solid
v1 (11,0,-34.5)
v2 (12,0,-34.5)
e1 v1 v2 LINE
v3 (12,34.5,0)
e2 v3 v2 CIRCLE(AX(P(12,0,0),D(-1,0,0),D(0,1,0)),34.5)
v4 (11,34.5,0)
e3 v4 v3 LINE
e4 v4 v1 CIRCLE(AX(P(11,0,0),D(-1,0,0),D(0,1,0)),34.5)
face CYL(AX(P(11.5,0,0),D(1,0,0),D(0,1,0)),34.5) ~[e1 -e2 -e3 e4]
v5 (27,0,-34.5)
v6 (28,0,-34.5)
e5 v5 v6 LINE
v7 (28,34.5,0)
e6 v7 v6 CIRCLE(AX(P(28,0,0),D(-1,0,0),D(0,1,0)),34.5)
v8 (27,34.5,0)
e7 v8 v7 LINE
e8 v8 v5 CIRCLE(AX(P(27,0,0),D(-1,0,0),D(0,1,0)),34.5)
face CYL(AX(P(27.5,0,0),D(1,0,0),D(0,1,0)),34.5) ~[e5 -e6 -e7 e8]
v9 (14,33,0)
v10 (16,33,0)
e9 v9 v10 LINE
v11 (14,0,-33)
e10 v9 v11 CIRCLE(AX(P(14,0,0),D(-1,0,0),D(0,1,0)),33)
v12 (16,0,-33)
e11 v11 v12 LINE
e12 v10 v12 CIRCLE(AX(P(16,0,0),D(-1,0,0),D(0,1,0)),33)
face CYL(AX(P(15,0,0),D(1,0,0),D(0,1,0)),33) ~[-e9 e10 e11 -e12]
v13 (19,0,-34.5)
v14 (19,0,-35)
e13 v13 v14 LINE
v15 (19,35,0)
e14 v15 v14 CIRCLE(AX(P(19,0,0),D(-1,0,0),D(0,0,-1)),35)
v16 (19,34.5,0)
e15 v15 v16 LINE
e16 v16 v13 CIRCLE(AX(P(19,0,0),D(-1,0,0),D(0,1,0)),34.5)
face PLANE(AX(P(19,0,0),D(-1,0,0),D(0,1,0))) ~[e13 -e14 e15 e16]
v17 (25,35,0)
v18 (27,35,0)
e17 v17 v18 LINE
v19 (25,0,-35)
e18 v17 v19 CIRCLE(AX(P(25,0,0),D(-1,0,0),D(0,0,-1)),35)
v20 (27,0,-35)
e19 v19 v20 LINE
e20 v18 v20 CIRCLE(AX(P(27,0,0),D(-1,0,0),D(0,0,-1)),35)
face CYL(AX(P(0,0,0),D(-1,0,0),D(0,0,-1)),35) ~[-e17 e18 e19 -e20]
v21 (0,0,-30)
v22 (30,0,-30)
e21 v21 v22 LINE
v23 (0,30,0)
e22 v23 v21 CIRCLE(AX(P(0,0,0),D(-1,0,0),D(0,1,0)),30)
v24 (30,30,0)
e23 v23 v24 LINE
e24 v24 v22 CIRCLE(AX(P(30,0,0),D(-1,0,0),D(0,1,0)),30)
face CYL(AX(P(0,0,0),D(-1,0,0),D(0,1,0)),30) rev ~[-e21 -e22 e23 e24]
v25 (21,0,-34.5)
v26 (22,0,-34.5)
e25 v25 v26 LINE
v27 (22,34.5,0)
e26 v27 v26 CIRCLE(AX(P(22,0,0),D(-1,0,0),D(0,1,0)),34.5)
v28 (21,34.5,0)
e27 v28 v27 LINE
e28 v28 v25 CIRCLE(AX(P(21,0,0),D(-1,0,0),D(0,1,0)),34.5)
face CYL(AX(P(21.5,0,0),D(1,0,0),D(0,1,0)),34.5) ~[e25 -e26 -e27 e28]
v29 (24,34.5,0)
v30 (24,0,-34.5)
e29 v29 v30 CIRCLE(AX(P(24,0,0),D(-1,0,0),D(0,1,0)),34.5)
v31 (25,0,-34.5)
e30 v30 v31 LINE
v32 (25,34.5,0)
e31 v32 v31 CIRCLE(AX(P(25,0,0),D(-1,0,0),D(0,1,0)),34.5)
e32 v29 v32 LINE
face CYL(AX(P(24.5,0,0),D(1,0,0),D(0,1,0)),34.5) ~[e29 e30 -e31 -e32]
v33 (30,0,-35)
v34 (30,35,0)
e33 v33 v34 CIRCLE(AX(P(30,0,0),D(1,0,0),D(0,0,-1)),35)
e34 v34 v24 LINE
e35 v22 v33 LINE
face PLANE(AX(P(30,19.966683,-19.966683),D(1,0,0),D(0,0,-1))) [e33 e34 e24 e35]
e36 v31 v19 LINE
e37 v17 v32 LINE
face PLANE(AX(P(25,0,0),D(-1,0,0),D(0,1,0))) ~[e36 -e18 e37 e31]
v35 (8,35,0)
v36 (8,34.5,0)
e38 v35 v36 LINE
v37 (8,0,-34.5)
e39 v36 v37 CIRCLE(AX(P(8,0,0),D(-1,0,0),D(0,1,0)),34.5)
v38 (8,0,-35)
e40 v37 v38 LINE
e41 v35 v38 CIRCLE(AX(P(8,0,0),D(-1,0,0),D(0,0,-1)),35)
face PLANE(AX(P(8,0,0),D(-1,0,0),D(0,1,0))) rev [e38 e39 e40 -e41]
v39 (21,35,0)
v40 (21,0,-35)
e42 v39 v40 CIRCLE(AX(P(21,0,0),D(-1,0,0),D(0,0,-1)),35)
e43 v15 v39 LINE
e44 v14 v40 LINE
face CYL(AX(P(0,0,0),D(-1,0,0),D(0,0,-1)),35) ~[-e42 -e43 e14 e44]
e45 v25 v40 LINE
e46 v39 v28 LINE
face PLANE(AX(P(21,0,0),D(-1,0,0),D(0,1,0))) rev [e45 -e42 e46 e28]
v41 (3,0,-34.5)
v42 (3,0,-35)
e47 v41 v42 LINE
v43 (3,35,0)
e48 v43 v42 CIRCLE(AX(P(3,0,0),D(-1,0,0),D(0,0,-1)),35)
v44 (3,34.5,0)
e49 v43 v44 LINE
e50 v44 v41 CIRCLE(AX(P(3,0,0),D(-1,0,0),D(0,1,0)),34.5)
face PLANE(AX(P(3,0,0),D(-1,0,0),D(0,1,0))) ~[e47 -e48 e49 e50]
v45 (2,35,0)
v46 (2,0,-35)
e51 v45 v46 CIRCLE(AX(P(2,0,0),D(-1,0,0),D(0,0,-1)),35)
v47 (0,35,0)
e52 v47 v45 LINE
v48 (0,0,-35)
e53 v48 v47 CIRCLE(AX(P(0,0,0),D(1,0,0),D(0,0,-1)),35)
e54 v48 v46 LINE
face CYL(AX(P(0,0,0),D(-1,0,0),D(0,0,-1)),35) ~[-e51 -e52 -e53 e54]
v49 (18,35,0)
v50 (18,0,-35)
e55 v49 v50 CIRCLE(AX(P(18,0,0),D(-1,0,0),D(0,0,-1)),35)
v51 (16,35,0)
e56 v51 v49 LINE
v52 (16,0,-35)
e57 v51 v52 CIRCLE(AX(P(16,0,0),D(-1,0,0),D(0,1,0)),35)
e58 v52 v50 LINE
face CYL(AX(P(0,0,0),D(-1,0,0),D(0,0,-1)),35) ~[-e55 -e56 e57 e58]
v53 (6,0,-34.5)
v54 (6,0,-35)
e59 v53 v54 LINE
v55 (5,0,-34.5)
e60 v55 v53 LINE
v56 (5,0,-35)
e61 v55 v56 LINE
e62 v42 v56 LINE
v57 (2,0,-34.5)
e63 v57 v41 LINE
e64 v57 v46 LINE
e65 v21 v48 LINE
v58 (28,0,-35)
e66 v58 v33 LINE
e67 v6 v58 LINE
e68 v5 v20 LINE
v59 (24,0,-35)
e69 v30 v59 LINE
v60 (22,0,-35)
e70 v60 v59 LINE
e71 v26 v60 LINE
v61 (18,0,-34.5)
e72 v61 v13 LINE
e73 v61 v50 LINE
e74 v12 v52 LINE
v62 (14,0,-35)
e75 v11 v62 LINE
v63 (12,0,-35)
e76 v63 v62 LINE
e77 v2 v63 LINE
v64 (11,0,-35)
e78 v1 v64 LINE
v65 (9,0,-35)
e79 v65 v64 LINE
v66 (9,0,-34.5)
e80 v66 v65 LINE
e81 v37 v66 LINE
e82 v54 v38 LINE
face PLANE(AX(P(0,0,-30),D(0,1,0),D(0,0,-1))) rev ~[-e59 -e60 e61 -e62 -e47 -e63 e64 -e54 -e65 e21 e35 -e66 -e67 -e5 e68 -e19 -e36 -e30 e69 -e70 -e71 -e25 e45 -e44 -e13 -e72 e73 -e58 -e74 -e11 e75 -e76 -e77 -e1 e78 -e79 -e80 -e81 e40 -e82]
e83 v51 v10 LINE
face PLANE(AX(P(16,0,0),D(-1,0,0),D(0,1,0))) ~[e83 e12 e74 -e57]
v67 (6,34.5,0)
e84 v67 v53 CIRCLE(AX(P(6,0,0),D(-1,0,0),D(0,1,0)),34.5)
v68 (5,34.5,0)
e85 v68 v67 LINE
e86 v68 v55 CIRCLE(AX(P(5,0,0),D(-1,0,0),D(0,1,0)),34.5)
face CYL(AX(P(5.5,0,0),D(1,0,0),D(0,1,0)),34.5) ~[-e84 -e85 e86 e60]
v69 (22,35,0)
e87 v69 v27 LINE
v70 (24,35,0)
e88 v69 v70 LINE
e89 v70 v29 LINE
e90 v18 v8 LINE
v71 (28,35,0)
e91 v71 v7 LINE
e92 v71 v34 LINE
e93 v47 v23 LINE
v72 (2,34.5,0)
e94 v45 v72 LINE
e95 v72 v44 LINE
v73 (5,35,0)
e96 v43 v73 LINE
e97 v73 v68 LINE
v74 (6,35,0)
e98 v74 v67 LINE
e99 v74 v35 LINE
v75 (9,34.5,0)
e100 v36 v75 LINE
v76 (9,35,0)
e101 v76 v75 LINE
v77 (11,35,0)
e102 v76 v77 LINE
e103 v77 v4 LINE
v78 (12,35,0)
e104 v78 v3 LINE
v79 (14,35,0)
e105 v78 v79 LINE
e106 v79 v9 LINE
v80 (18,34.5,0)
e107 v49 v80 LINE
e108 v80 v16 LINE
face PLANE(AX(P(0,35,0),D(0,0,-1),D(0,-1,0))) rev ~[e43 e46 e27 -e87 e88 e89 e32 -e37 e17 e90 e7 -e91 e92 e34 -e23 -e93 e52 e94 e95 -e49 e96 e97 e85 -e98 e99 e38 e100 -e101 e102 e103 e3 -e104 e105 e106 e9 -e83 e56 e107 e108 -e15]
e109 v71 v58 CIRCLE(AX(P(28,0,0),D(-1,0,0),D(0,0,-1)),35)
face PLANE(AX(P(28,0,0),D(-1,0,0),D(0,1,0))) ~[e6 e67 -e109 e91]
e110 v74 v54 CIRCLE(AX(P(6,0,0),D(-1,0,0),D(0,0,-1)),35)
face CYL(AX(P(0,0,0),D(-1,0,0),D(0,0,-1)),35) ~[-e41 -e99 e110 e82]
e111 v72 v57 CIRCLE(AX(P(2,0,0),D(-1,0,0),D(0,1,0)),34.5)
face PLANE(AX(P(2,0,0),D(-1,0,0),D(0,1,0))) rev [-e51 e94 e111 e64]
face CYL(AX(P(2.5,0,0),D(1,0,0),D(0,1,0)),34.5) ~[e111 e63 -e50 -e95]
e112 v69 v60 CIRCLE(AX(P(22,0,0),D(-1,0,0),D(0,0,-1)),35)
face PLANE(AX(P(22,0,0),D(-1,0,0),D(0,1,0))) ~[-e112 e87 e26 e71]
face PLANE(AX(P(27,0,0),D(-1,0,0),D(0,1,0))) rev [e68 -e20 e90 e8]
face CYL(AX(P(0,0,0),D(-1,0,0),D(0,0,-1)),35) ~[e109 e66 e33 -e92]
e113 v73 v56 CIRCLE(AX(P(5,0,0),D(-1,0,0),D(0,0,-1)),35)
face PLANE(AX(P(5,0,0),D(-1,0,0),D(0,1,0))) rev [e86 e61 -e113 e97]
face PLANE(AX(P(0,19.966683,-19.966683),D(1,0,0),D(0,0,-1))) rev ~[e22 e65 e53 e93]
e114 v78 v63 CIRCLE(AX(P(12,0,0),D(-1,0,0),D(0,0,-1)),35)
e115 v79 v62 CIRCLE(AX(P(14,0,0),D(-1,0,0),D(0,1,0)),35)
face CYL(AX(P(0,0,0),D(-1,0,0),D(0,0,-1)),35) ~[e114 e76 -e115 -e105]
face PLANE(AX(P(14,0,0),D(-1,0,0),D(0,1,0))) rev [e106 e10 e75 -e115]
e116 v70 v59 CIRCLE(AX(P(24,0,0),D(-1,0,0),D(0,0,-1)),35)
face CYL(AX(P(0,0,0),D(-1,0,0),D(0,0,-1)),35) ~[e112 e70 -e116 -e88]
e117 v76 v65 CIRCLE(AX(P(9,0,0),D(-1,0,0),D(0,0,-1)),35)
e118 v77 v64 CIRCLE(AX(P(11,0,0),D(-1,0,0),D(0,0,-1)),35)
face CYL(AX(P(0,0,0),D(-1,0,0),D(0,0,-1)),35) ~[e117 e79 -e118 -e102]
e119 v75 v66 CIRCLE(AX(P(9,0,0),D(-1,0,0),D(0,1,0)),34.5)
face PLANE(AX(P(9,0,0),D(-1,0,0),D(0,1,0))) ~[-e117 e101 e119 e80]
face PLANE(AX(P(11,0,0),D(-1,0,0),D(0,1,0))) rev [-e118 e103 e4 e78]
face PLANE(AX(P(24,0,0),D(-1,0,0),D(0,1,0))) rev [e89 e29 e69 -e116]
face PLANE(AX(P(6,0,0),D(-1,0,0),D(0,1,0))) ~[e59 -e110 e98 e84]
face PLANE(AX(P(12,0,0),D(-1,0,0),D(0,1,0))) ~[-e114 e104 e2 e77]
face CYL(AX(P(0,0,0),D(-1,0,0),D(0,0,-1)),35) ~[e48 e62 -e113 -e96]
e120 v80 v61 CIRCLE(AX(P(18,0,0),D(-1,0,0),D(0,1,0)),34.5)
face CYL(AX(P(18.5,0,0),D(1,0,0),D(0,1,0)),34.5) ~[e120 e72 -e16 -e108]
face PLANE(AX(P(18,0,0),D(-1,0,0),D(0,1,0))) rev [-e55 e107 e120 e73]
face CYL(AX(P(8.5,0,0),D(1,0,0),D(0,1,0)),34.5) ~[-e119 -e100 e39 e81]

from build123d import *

# Parameters (mm, degrees)
BOSS_EXTRUDE1_DEPTH = 30
SKETCH2_W           = 1
SKETCH2_H           = 1
SKETCH2_W_2         = 2
SKETCH2_H_2         = 2


with BuildPart() as part:
    # Sketch1 → Boss-Extrude1 (new body)
    with BuildSketch(Plane(origin=(0, 0, 0), x_dir=(0, 0, -1), z_dir=(1, 0, 0))):
        with BuildLine():
            Line((0, 35), (0, 30))
            ThreePointArc((0, 30), (21.213203436, 21.213203436), (30, 0))
            Line((30, 0), (35, 0))
            ThreePointArc((35, 0), (24.748737342, 24.748737342), (0, 35))
        make_face()
    extrude(amount=BOSS_EXTRUDE1_DEPTH)

    # Sketch2 → Cut-Revolve1 (revolve, cut)
    with BuildSketch(Plane.XY):
        with Locations((2.5, 35)):
            Rectangle(SKETCH2_W, SKETCH2_H)
        with Locations((5.5, 35)):
            Rectangle(SKETCH2_W, SKETCH2_H)
        with Locations((8.5, 35)):
            Rectangle(SKETCH2_W, SKETCH2_H)
        with Locations((11.5, 35)):
            Rectangle(SKETCH2_W, SKETCH2_H)
        with Locations((18.5, 35)):
            Rectangle(SKETCH2_W, SKETCH2_H)
        with Locations((21.5, 35)):
            Rectangle(SKETCH2_W, SKETCH2_H)
        with Locations((24.5, 35)):
            Rectangle(SKETCH2_W, SKETCH2_H)
        with Locations((27.5, 35)):
            Rectangle(SKETCH2_W, SKETCH2_H)
        with Locations((15, 34)):
            Rectangle(SKETCH2_W_2, SKETCH2_H_2)
    revolve(axis=Axis((30, 0, 0), (-1, 0, 0)), mode=Mode.SUBTRACT)


solid = part.part
